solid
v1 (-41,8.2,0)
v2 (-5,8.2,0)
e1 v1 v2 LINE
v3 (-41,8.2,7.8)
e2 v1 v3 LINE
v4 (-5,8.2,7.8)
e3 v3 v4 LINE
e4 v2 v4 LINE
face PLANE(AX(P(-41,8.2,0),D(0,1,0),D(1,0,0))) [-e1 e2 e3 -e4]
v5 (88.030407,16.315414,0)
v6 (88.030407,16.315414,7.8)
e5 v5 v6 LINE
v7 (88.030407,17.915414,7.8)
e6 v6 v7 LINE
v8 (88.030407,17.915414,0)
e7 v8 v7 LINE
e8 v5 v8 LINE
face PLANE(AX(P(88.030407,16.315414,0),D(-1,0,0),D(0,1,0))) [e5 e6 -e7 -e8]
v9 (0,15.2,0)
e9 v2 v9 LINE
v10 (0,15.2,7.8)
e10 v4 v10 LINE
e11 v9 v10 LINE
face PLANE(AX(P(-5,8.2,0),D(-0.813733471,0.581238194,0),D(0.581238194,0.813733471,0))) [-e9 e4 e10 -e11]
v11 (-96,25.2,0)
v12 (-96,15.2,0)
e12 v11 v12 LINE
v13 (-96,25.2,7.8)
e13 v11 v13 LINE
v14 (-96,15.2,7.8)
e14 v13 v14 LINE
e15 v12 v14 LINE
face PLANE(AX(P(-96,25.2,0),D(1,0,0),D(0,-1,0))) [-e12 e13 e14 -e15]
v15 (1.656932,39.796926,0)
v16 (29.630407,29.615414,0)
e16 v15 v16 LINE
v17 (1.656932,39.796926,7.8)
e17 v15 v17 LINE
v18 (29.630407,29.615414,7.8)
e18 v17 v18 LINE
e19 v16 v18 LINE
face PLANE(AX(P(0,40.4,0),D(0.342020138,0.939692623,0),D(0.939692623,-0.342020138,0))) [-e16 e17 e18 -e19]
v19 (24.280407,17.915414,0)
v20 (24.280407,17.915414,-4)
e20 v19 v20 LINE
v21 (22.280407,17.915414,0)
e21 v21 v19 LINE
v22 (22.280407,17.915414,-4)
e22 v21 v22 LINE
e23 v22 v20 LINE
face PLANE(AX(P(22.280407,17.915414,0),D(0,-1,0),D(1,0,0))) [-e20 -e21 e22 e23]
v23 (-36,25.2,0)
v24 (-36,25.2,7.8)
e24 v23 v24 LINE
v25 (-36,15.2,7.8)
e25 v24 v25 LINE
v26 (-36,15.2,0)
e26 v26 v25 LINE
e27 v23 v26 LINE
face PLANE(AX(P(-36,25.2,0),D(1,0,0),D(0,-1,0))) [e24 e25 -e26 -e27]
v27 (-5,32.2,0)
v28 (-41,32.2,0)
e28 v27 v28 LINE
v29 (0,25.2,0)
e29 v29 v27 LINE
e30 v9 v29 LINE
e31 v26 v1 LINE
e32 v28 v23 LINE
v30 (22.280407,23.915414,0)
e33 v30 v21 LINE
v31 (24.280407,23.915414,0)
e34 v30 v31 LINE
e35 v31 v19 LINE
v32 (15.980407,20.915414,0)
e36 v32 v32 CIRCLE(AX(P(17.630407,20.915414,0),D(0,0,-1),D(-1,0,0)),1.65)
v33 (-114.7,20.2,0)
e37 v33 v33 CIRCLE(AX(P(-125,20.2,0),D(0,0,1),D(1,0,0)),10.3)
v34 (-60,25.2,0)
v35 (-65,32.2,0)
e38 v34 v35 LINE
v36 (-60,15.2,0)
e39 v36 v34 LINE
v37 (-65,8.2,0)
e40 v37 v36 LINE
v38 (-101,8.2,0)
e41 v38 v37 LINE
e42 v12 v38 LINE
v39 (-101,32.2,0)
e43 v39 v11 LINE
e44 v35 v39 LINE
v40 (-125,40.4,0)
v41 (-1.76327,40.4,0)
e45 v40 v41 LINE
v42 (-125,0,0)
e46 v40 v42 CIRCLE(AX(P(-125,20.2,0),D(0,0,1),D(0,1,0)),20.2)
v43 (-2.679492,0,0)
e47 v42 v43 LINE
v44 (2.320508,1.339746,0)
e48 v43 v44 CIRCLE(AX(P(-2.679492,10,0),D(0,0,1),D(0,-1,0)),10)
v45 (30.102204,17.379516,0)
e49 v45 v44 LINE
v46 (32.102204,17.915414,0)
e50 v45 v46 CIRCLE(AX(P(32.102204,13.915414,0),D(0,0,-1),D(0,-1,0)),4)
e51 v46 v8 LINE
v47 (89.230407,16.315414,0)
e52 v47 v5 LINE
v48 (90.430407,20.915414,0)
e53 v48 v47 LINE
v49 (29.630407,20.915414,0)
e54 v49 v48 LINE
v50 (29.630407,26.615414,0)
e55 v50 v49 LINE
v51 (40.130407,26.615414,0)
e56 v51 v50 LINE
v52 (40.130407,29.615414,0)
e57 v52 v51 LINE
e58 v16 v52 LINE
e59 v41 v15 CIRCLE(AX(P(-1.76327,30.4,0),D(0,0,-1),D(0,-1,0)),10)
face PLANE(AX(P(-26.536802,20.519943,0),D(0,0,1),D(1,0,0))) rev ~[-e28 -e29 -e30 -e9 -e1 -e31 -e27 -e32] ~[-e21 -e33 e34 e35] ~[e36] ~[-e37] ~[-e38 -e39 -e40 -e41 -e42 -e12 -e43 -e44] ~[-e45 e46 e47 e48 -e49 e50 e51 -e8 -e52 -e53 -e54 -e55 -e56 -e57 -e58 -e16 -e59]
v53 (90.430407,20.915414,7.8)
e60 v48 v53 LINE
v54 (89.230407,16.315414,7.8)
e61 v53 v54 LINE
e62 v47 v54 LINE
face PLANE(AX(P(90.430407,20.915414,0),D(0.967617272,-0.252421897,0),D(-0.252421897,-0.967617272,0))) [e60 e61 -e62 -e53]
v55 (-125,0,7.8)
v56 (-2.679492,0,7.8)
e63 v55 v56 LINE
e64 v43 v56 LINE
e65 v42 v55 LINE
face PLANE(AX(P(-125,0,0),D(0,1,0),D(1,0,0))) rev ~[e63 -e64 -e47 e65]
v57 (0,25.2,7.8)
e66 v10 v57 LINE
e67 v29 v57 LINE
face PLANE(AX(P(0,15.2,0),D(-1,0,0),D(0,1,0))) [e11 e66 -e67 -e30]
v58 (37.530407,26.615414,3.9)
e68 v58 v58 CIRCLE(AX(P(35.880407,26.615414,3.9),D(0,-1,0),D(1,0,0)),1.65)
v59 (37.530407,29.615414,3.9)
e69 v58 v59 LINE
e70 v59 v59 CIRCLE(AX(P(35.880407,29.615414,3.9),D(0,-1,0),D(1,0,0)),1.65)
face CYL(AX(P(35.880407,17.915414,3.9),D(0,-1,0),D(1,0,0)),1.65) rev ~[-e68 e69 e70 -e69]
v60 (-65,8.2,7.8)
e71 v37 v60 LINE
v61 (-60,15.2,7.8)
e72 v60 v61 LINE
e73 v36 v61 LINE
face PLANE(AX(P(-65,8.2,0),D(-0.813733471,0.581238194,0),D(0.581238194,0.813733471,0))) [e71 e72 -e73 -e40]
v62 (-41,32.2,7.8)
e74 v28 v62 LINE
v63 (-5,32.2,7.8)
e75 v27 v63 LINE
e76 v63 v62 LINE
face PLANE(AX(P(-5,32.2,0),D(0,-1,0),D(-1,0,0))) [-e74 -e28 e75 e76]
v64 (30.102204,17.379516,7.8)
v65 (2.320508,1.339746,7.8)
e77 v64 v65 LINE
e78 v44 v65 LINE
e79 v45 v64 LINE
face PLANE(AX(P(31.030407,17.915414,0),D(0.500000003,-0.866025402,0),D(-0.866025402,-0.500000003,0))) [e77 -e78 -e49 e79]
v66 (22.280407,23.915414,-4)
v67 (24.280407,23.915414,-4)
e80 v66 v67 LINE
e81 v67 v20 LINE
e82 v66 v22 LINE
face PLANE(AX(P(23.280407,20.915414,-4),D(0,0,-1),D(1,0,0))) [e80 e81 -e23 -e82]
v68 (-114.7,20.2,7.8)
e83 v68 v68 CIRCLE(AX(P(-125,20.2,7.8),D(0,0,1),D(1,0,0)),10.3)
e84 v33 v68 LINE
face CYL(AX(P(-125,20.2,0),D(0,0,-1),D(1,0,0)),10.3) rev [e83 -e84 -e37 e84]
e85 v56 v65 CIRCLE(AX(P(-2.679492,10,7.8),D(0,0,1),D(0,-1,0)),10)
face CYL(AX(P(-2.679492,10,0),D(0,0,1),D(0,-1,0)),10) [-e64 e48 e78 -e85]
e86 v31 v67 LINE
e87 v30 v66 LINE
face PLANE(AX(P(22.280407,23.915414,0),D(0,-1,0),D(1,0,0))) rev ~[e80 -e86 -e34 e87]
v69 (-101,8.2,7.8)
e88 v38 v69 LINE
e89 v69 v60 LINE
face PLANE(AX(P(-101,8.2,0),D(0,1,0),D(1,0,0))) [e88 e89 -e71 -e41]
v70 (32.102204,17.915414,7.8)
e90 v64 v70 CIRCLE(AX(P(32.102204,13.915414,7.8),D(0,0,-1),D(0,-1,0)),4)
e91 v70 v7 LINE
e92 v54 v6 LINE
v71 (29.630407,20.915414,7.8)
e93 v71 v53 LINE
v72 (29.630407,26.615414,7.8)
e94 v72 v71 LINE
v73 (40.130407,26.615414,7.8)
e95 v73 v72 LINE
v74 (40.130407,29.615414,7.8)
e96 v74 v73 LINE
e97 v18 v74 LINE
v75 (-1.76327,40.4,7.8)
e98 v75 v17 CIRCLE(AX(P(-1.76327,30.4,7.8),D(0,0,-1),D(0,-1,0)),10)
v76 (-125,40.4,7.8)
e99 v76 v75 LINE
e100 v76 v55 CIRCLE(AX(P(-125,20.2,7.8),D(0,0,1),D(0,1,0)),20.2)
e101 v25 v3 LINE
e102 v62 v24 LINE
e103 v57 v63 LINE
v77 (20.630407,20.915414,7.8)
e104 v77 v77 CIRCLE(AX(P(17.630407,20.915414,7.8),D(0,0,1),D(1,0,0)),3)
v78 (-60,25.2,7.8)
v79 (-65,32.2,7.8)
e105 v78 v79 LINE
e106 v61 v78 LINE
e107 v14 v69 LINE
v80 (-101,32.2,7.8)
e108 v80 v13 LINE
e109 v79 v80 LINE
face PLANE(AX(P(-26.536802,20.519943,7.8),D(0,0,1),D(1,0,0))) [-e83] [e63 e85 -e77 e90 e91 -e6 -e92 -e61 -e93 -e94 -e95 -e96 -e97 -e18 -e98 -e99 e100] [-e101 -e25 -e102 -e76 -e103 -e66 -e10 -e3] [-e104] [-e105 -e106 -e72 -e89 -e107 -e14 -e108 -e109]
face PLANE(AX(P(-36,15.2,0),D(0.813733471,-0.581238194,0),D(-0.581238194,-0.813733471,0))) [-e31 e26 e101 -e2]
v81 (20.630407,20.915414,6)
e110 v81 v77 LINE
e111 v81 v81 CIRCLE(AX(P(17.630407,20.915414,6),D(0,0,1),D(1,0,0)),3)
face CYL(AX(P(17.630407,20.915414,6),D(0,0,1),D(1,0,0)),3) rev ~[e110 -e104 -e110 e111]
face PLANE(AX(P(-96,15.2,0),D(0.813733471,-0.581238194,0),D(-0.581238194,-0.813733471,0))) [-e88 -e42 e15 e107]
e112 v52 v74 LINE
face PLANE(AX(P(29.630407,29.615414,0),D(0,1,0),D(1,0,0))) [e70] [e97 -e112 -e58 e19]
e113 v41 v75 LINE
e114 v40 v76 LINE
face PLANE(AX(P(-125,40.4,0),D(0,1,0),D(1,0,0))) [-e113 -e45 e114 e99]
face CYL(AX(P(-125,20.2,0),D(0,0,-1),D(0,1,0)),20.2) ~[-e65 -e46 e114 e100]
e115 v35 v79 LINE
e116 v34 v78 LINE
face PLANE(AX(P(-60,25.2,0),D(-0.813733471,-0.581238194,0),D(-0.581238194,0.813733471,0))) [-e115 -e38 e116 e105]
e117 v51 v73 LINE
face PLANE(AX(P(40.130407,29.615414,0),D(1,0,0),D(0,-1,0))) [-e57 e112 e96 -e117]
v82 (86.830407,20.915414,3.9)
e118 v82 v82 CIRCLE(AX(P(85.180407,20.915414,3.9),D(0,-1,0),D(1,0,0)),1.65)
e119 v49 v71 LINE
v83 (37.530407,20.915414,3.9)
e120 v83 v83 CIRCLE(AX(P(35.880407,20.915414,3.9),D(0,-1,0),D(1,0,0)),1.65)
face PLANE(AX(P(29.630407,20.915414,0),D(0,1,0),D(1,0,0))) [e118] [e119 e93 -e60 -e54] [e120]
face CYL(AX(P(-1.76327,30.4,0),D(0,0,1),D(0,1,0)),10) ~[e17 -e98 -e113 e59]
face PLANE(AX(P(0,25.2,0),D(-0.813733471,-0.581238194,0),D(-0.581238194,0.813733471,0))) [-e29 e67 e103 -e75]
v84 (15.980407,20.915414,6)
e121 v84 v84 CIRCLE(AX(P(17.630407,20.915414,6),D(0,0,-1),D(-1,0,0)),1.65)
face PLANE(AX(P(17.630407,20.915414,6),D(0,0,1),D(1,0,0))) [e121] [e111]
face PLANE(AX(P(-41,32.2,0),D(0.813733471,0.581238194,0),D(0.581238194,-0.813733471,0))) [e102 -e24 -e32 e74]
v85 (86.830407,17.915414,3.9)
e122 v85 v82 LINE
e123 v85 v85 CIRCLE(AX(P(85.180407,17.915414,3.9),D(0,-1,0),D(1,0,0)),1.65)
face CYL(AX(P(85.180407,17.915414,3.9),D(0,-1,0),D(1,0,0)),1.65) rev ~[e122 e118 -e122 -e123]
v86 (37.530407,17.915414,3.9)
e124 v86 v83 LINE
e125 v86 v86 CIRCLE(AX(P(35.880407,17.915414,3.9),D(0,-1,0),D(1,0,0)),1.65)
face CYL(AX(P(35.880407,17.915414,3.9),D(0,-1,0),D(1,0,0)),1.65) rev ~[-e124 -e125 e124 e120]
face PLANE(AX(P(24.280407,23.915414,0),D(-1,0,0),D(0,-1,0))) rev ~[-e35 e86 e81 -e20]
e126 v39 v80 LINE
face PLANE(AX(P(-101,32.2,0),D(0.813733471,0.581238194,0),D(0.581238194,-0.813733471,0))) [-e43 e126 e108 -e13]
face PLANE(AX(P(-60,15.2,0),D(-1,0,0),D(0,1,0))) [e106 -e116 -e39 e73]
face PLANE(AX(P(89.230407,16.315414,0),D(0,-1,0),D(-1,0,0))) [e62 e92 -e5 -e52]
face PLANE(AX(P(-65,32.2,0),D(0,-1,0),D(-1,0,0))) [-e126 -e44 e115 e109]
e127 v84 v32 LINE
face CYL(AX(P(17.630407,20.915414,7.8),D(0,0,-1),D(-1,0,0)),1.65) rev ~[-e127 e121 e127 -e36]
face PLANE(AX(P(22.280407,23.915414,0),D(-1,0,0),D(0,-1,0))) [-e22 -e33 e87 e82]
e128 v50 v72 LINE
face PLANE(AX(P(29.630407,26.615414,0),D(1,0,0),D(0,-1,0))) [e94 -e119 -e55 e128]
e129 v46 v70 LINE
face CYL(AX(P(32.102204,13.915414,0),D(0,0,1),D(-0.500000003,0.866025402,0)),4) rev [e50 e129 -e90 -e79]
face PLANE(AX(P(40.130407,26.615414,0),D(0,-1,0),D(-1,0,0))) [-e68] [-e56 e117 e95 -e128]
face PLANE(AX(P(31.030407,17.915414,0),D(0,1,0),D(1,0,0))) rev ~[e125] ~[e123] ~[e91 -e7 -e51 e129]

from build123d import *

# Parameters (mm, degrees)
SKETCH_R            = 10.3
PAD_DEPTH           = 7.8
SKETCH001_R         = 1.65
HOLE_DEPTH          = 22.485586
FILLET_R            = 10
FILLET001_R         = 4
HOLE001_D           = 3.3
HOLE001_CBORE_D     = 6
HOLE001_CBORE_DEPTH = 1.8
SKETCH003_W         = 2
SKETCH003_H         = 6
PAD001_DEPTH        = 4


with BuildPart() as part:
    # Sketch → Pad (new body)
    with BuildSketch(Plane.XY):
        with BuildLine():
            ThreePointArc((-125, 40.4), (-145.2, 20.2), (-125, 0))
            Line((-125, 0), (0, 0))
            Line((31.030407, 17.915414), (0, 0))
            Line((31.030407, 17.915414), (88.030407, 17.915414))
            Line((88.030407, 16.315414), (88.030407, 17.915414))
            Line((89.230407, 16.315414), (88.030407, 16.315414))
            Line((90.430407, 20.915414), (89.230407, 16.315414))
            Line((88.030407, 20.915414), (90.430407, 20.915414))
            Line((31.030407, 20.915414), (88.030407, 20.915414))
            Line((29.630407, 20.915414), (31.030407, 20.915414))
            Line((29.630407, 26.615414), (29.630407, 20.915414))
            Line((40.130407, 26.615414), (29.630407, 26.615414))
            Line((40.130407, 29.615414), (40.130407, 26.615414))
            Line((29.630407, 29.615414), (40.130407, 29.615414))
            Line((0, 40.4), (29.630407, 29.615414))
            Line((-125, 40.4), (0, 40.4))
        make_face()
        with Locations((-125, 20.2)):
            Circle(SKETCH_R, mode=Mode.SUBTRACT)
        Polygon((-101, 32.2), (-96, 25.2), (-96, 15.2), (-101, 8.2), (-65, 8.2), (-60, 15.2), (-60, 25.2), (-65, 32.2), align=None, mode=Mode.SUBTRACT)
        Polygon((-41, 32.2), (-36, 25.2), (-36, 15.2), (-41, 8.2), (-5, 8.2), (0, 15.2), (0, 25.2), (-5, 32.2), align=None, mode=Mode.SUBTRACT)
    extrude(amount=PAD_DEPTH)

    # Sketch001 (on Face5 of Pad) → Hole (cut, through all)
    with BuildSketch(Plane.XZ.offset(-17.915414)):
        with Locations((85.180407, 3.9)):
            Circle(SKETCH001_R)
        with Locations((35.880407, 3.9)):
            Circle(SKETCH001_R)
    extrude(amount=-HOLE_DEPTH, mode=Mode.SUBTRACT)

    # Fillet
    fillet_edges = [part.edges().sort_by_distance(p)[0] for p in [
        (0, 0, 3.9),
        (0, 40.4, 3.9),
    ]]
    fillet(fillet_edges, radius=FILLET_R)

    # Fillet001
    fillet001_edges = [part.edges().sort_by_distance(p)[0] for p in [
        (31.030407, 17.915414, 3.9),
    ]]
    fillet(fillet001_edges, radius=FILLET001_R)

    # Hole001 (through all)
    with Locations(Plane.XY.offset(7.8)):
        with Locations((17.630407, 20.915414)):
            CounterBoreHole(HOLE001_D / 2, HOLE001_CBORE_D / 2, HOLE001_CBORE_DEPTH)

    # Sketch003 (on Face1 of Hole001) → Pad001 (join)
    with BuildSketch(Plane(origin=(0, 0, 0), x_dir=(1, 0, 0), z_dir=(0, 0, -1))):
        with Locations((23.280407, -20.915414)):
            Rectangle(SKETCH003_W, SKETCH003_H)
    extrude(amount=PAD001_DEPTH)


solid = part.part
